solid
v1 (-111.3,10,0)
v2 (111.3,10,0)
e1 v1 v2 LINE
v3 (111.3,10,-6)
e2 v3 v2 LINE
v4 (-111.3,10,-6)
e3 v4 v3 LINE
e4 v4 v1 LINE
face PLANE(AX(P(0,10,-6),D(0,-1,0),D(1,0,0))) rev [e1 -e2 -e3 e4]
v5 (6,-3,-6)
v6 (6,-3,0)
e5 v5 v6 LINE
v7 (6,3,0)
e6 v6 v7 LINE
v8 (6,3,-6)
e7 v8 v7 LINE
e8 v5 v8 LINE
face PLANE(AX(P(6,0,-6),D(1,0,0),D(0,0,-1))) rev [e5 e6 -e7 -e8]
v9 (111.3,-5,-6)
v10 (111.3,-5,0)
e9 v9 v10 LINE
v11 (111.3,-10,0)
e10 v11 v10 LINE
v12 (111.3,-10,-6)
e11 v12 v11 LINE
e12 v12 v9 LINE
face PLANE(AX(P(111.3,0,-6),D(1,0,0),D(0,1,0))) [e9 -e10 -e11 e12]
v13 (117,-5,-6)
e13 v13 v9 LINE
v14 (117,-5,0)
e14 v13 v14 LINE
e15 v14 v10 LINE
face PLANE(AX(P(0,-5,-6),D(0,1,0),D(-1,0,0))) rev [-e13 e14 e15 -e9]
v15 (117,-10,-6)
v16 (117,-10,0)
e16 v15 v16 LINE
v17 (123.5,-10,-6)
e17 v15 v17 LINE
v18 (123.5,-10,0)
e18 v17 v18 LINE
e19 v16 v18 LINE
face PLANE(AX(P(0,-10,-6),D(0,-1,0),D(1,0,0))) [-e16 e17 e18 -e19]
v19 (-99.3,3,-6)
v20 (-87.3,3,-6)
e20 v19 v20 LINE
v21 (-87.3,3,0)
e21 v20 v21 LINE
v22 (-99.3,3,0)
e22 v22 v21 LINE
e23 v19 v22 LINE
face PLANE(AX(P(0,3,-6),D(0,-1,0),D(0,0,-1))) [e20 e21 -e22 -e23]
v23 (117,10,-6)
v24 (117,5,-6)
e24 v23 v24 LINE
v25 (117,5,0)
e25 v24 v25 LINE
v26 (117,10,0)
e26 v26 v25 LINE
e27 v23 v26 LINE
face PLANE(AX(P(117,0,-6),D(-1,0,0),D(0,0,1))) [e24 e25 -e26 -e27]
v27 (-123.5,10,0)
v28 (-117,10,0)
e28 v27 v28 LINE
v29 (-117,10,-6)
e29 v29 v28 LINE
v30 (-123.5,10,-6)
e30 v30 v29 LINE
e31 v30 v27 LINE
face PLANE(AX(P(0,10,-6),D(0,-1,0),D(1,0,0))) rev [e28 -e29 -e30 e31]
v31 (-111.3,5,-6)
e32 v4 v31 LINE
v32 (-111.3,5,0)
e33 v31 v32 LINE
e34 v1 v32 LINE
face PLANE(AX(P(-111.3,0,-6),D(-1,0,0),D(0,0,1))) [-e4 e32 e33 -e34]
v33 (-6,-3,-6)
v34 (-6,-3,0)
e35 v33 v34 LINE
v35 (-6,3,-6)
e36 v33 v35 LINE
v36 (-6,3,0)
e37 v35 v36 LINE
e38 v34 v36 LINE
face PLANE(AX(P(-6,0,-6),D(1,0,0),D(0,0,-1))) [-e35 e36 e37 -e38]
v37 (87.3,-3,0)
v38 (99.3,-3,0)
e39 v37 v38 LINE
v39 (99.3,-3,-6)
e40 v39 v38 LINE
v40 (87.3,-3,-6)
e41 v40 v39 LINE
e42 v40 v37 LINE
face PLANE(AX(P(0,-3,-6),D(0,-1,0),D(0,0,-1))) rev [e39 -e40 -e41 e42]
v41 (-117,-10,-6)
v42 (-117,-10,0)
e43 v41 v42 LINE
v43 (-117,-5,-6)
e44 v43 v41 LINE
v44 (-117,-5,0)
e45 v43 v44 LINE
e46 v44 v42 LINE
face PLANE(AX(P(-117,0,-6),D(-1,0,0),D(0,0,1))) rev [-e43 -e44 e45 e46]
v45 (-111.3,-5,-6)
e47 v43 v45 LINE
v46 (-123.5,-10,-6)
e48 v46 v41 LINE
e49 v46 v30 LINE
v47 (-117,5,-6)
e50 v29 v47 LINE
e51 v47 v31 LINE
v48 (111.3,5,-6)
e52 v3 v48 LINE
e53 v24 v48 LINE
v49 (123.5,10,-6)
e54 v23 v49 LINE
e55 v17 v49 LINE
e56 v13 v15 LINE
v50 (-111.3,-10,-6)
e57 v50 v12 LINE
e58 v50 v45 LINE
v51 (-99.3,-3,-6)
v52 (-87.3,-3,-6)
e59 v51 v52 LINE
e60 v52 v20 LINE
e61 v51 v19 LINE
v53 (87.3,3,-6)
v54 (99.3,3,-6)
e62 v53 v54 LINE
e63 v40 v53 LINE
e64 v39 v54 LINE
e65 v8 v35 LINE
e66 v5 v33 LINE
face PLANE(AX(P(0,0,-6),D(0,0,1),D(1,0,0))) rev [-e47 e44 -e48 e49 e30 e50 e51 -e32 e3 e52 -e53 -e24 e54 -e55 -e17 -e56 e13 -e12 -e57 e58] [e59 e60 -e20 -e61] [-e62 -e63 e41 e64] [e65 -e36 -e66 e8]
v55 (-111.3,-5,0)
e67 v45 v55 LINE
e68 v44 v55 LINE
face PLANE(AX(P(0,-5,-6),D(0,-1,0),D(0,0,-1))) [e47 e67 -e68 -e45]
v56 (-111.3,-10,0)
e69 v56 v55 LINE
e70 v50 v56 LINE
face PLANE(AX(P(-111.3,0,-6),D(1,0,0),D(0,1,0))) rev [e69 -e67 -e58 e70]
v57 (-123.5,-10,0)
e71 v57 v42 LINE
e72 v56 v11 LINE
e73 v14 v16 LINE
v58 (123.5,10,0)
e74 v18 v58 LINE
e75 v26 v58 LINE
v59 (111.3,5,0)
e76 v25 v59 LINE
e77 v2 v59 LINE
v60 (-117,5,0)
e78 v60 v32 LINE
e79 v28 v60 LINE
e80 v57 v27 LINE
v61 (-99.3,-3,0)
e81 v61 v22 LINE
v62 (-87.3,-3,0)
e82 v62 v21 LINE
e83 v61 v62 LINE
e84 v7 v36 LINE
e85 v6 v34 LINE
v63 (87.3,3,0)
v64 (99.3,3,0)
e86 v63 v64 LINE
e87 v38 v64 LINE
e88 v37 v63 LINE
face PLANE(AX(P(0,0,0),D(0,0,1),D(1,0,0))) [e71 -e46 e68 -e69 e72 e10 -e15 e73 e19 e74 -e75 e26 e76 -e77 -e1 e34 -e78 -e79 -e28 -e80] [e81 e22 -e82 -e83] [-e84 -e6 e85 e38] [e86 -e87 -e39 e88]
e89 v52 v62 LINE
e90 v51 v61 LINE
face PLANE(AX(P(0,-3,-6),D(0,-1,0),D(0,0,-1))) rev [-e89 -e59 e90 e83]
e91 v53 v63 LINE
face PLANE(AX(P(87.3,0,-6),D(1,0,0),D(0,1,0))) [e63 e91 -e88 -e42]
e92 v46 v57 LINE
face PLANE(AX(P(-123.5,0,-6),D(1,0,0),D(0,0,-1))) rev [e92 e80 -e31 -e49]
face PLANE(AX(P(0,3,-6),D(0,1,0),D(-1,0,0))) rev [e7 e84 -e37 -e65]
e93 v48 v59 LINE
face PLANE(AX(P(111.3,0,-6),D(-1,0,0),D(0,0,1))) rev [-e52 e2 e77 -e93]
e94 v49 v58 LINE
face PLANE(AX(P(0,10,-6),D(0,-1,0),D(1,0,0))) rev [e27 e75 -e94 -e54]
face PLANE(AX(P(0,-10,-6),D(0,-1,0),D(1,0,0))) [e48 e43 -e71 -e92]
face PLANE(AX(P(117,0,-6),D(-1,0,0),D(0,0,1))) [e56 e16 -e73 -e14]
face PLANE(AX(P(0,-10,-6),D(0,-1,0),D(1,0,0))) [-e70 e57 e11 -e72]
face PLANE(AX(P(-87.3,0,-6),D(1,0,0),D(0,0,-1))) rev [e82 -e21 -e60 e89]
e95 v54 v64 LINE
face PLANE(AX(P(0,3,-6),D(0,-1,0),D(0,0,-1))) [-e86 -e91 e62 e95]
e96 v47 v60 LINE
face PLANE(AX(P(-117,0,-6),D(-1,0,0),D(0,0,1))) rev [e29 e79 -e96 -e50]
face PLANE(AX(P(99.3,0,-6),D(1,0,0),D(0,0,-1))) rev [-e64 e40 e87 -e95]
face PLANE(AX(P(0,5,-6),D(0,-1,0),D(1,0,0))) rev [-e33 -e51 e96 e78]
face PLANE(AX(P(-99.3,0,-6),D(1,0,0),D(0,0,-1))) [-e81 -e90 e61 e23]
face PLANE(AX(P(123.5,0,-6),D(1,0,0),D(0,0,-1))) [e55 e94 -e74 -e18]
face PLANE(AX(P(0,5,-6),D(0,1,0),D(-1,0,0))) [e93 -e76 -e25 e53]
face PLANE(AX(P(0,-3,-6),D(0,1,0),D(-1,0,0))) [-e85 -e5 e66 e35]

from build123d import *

# Parameters (mm, degrees)
SKETCH1_W           = 12
SKETCH1_H           = 6
BOSS_EXTRUDE1_DEPTH = 6


with BuildPart() as part:
    # Sketch1 → Boss-Extrude1 (new body)
    with BuildSketch(Plane.XY):
        Polygon((-123.5, 10), (-123.5, -10), (-117, -10), (-117, -5), (-111.3, -5), (-111.3, -10), (111.3, -10), (111.3, -5), (117, -5), (117, -10), (123.5, -10), (123.5, 10), (117, 10), (117, 5), (111.3, 5), (111.3, 10), (-111.3, 10), (-111.3, 5), (-117, 5), (-117, 10), align=None)
        with Locations((93.3, 0)):
            Rectangle(SKETCH1_W, SKETCH1_H, mode=Mode.SUBTRACT)
        with Locations((-93.3, 0)):
            Rectangle(SKETCH1_W, SKETCH1_H, mode=Mode.SUBTRACT)
        Rectangle(SKETCH1_W, SKETCH1_H, mode=Mode.SUBTRACT)
    extrude(amount=-BOSS_EXTRUDE1_DEPTH)


solid = part.part
